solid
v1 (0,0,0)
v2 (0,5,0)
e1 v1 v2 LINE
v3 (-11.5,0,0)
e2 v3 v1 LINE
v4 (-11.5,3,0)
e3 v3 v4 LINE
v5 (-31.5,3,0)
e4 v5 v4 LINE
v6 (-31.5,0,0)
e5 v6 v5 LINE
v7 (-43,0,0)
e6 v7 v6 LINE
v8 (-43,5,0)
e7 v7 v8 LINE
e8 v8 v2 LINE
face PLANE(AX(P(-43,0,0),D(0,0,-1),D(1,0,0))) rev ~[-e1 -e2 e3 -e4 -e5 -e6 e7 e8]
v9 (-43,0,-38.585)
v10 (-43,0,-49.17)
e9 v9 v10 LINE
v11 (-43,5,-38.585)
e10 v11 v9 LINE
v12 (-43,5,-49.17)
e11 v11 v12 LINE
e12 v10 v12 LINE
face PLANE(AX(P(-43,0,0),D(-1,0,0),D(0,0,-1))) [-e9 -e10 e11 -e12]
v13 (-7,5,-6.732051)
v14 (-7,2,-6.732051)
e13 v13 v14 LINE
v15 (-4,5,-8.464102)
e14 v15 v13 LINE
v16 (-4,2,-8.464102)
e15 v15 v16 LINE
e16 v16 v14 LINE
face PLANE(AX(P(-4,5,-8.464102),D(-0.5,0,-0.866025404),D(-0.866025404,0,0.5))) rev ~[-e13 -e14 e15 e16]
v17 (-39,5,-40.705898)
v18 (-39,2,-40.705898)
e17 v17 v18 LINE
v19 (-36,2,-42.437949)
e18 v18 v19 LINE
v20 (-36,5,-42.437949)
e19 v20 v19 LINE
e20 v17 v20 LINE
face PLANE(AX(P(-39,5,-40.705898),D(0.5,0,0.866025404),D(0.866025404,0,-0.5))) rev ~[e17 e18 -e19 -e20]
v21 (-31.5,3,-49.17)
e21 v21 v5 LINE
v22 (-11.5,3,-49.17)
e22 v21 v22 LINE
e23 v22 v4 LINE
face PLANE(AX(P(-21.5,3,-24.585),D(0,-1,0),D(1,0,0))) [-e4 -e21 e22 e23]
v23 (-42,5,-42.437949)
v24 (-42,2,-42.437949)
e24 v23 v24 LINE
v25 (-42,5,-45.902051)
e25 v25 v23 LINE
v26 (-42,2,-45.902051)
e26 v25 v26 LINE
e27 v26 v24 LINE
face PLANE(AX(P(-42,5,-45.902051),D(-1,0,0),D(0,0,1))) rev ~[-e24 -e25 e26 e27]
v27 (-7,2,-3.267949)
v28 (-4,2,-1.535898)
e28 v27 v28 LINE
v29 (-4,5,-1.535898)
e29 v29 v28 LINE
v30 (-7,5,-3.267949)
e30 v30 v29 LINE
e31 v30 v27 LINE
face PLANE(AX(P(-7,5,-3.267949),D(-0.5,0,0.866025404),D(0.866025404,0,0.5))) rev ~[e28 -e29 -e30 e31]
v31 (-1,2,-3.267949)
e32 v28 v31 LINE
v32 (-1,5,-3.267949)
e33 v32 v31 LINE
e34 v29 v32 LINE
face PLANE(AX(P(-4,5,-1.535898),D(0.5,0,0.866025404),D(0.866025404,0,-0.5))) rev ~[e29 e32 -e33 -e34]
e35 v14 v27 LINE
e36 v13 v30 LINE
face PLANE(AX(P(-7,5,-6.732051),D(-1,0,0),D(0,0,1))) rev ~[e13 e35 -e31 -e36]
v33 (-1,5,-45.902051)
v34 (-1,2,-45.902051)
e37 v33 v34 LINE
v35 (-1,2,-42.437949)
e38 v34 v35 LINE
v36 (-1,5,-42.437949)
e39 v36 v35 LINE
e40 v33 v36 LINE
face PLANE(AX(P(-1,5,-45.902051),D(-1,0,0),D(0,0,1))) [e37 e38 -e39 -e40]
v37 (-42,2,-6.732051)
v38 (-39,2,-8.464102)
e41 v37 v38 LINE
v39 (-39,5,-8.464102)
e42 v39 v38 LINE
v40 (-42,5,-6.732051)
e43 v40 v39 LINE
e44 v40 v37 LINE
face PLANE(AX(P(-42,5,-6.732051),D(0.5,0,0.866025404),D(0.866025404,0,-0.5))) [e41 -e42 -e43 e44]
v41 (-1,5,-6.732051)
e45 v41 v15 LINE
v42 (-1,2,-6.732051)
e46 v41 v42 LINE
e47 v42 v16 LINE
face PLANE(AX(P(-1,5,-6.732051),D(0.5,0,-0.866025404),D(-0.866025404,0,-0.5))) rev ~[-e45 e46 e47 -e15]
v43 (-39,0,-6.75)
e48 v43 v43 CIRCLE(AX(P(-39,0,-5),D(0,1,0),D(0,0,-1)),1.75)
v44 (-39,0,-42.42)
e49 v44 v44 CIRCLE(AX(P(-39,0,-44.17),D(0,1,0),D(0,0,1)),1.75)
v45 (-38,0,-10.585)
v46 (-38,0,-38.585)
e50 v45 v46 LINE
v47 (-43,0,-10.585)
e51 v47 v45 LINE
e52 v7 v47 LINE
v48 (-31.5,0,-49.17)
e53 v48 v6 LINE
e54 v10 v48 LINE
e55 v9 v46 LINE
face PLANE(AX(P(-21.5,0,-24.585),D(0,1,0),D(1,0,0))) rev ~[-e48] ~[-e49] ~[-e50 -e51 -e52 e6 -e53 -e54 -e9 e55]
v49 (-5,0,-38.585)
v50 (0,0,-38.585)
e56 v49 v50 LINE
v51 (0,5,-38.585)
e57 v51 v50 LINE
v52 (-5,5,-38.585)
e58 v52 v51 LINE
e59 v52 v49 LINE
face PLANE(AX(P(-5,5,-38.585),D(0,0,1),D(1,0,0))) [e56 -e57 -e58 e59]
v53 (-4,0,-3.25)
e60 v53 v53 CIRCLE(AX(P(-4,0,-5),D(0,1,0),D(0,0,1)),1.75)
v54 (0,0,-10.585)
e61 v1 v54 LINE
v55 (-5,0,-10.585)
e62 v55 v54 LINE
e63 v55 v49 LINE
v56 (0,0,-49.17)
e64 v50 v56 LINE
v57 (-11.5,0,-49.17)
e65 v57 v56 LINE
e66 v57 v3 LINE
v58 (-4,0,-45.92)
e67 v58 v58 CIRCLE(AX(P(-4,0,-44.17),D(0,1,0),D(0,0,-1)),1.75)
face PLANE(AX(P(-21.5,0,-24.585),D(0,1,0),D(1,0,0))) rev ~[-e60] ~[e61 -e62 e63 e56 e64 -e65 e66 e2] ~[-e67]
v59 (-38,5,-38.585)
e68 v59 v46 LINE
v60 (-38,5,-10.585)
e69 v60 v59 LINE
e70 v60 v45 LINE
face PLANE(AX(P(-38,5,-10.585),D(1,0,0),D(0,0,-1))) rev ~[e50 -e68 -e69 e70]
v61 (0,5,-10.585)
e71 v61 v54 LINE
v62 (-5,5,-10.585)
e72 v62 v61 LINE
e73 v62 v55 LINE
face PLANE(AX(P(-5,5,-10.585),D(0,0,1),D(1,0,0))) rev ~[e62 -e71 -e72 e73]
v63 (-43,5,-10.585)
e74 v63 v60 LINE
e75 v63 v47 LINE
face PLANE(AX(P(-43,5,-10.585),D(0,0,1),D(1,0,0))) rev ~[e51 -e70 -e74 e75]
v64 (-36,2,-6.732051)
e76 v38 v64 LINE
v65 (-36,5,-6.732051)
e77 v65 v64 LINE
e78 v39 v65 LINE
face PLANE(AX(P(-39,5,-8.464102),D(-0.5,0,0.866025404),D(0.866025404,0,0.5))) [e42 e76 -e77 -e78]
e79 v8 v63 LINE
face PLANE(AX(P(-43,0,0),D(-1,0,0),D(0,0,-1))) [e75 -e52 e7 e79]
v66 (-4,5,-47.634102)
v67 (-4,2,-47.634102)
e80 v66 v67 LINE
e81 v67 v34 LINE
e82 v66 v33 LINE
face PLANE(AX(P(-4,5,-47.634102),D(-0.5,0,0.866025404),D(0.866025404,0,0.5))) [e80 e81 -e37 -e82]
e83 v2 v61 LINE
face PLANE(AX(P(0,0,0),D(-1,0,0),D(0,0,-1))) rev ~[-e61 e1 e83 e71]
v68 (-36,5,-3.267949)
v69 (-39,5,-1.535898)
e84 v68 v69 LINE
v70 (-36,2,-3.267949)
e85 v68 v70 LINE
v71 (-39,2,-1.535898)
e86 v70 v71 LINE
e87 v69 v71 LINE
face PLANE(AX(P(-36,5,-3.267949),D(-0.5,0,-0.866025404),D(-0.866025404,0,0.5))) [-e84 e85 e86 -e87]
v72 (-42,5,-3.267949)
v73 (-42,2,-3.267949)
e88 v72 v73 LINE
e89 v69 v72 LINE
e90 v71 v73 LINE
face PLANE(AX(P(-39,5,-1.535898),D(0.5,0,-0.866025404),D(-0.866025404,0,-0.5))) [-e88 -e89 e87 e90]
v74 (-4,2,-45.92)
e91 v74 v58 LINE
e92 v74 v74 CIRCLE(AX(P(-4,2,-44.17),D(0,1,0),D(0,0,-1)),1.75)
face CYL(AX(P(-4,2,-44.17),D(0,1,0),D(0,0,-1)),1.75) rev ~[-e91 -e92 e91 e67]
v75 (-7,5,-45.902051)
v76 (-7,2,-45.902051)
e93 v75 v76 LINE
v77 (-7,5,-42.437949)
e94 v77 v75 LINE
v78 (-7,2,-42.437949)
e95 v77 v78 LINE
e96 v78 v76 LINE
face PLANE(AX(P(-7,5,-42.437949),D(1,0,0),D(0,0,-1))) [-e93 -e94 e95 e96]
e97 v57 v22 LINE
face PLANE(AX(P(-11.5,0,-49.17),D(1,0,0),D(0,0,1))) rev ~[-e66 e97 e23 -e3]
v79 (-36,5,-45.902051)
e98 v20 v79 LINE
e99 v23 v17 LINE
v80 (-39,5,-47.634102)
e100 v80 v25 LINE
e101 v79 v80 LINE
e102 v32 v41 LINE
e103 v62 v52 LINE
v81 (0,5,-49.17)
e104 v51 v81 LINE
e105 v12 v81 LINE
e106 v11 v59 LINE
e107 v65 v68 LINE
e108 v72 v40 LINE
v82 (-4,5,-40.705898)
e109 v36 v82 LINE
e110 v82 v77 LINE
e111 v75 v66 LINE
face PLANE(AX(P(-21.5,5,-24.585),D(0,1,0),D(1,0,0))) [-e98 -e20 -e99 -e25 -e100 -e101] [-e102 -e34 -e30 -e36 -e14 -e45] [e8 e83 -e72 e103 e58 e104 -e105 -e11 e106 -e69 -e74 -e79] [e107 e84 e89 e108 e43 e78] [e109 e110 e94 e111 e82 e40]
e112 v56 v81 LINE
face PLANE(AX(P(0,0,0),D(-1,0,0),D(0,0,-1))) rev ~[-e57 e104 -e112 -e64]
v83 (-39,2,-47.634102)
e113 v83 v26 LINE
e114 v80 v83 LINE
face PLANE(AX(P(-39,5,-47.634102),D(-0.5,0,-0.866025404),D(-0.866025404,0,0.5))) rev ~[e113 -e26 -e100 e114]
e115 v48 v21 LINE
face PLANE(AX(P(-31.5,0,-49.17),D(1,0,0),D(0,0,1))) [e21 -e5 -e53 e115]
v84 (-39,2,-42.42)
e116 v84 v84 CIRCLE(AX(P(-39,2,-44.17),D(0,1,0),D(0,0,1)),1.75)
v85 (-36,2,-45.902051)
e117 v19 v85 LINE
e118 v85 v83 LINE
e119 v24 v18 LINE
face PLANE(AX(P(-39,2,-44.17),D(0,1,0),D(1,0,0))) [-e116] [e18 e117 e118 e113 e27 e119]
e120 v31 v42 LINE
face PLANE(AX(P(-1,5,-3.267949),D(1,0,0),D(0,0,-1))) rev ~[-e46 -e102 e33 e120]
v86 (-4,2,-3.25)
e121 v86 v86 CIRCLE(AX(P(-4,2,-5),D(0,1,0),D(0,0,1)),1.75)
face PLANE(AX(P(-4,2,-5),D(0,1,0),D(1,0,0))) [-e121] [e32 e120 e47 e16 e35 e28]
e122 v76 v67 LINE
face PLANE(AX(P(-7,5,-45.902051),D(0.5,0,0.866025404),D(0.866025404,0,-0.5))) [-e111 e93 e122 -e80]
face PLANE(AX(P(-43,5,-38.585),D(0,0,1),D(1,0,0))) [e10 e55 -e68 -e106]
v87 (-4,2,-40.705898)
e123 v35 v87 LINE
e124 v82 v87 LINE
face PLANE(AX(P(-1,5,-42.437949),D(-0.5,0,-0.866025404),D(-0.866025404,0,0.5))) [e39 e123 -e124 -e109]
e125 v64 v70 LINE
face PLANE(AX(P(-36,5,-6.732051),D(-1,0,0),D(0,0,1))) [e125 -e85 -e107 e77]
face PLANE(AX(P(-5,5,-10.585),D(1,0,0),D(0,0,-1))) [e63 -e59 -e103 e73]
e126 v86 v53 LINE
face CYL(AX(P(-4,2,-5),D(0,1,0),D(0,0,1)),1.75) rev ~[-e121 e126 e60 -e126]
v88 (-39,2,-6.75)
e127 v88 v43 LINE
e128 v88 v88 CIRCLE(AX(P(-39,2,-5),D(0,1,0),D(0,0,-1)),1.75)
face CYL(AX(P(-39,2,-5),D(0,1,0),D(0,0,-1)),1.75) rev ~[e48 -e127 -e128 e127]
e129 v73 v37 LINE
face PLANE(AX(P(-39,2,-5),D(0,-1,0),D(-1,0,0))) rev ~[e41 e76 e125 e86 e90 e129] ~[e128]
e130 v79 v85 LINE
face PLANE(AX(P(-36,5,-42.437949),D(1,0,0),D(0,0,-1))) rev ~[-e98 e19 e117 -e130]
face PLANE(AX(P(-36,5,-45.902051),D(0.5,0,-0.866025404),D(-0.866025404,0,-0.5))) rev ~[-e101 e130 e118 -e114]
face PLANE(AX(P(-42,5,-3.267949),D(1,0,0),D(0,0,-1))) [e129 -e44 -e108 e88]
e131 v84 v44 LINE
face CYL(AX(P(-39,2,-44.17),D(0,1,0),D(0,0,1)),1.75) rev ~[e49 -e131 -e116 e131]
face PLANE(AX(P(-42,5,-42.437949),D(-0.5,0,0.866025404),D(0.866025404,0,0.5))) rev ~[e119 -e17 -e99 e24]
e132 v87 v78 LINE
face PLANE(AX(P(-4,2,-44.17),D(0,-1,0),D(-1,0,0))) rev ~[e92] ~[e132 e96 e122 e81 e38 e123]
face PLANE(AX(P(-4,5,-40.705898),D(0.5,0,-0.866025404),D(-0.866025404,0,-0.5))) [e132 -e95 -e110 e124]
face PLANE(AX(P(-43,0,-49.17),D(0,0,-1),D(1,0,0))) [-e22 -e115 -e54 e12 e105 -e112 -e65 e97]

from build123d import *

# Parameters (mm, degrees)
SKETCH1_W           = 43
SKETCH1_H           = 49.17
BOSS_EXTRUDE1_DEPTH = 5
CUT_EXTRUDE1_DEPTH  = 3
SKETCH4_R           = 1.75
CUT_EXTRUDE2_DEPTH  = 66.388752091
SKETCH5_W           = 5
SKETCH5_H           = 28
CUT_EXTRUDE3_DEPTH  = 66.510983049
SKETCH7_W           = 20
SKETCH7_H           = 49.17
CUT_EXTRUDE4_DEPTH  = 3


with BuildPart() as part:
    # Sketch1 → Boss-Extrude1 (new body)
    with BuildSketch(Plane(origin=(0, 0, 0), x_dir=(1, 0, 0), z_dir=(0, 1, 0))):
        with Locations((-21.5, 24.585)):
            Rectangle(SKETCH1_W, SKETCH1_H)
    extrude(amount=BOSS_EXTRUDE1_DEPTH)

    # Sketch2 → Cut-Extrude1 (cut)
    with BuildSketch(Plane(origin=(0, 5, 0), x_dir=(1, 0, 0), z_dir=(0, 1, 0))):
        Polygon((-1, 42.437949192), (-4, 40.705898385), (-7, 42.437949192), (-7, 45.902050808), (-4, 47.634101615), (-1, 45.902050808), align=None)
        Polygon((-4, 8.464101615), (-7, 6.732050808), (-7, 3.267949192), (-4, 1.535898385), (-1, 3.267949192), (-1, 6.732050808), align=None)
        Polygon((-42, 6.732050808), (-39, 8.464101615), (-36, 6.732050808), (-36, 3.267949192), (-39, 1.535898385), (-42, 3.267949192), align=None)
        Polygon((-42, 45.902050808), (-42, 42.437949192), (-39, 40.705898385), (-36, 42.437949192), (-36, 45.902050808), (-39, 47.634101615), align=None)
    extrude(amount=-CUT_EXTRUDE1_DEPTH, mode=Mode.SUBTRACT)

    # Sketch4 → Cut-Extrude2 (cut, through all)
    with BuildSketch(Plane(origin=(0, 2, 0), x_dir=(1, 0, 0), z_dir=(0, 1, 0))):
        with Locations(Location((-39, 44.17, 0), (0, 0, 270))):
            Circle(SKETCH4_R)
        with Locations(Location((-39, 5, 0), (0, 0, 90))):
            Circle(SKETCH4_R)
        with Locations(Location((-4, 5, 0), (0, 0, 270))):
            Circle(SKETCH4_R)
        with Locations(Location((-4, 44.17, 0), (0, 0, 90))):
            Circle(SKETCH4_R)
    extrude(amount=-CUT_EXTRUDE2_DEPTH, mode=Mode.SUBTRACT)

    # Sketch5 → Cut-Extrude3 (cut, through all)
    with BuildSketch(Plane(origin=(0, 5, 0), x_dir=(1, 0, 0), z_dir=(0, 1, 0))):
        with Locations((-2.5, 24.585)):
            Rectangle(SKETCH5_W, SKETCH5_H)
        with Locations((-40.5, 24.585)):
            Rectangle(SKETCH5_W, SKETCH5_H)
    extrude(amount=-CUT_EXTRUDE3_DEPTH, mode=Mode.SUBTRACT)

    # Sketch7 → Cut-Extrude4 (cut)
    with BuildSketch(Plane.XZ):
        with Locations((-21.5, -24.585)):
            Rectangle(SKETCH7_W, SKETCH7_H)
    extrude(amount=-CUT_EXTRUDE4_DEPTH, mode=Mode.SUBTRACT)


solid = part.part
